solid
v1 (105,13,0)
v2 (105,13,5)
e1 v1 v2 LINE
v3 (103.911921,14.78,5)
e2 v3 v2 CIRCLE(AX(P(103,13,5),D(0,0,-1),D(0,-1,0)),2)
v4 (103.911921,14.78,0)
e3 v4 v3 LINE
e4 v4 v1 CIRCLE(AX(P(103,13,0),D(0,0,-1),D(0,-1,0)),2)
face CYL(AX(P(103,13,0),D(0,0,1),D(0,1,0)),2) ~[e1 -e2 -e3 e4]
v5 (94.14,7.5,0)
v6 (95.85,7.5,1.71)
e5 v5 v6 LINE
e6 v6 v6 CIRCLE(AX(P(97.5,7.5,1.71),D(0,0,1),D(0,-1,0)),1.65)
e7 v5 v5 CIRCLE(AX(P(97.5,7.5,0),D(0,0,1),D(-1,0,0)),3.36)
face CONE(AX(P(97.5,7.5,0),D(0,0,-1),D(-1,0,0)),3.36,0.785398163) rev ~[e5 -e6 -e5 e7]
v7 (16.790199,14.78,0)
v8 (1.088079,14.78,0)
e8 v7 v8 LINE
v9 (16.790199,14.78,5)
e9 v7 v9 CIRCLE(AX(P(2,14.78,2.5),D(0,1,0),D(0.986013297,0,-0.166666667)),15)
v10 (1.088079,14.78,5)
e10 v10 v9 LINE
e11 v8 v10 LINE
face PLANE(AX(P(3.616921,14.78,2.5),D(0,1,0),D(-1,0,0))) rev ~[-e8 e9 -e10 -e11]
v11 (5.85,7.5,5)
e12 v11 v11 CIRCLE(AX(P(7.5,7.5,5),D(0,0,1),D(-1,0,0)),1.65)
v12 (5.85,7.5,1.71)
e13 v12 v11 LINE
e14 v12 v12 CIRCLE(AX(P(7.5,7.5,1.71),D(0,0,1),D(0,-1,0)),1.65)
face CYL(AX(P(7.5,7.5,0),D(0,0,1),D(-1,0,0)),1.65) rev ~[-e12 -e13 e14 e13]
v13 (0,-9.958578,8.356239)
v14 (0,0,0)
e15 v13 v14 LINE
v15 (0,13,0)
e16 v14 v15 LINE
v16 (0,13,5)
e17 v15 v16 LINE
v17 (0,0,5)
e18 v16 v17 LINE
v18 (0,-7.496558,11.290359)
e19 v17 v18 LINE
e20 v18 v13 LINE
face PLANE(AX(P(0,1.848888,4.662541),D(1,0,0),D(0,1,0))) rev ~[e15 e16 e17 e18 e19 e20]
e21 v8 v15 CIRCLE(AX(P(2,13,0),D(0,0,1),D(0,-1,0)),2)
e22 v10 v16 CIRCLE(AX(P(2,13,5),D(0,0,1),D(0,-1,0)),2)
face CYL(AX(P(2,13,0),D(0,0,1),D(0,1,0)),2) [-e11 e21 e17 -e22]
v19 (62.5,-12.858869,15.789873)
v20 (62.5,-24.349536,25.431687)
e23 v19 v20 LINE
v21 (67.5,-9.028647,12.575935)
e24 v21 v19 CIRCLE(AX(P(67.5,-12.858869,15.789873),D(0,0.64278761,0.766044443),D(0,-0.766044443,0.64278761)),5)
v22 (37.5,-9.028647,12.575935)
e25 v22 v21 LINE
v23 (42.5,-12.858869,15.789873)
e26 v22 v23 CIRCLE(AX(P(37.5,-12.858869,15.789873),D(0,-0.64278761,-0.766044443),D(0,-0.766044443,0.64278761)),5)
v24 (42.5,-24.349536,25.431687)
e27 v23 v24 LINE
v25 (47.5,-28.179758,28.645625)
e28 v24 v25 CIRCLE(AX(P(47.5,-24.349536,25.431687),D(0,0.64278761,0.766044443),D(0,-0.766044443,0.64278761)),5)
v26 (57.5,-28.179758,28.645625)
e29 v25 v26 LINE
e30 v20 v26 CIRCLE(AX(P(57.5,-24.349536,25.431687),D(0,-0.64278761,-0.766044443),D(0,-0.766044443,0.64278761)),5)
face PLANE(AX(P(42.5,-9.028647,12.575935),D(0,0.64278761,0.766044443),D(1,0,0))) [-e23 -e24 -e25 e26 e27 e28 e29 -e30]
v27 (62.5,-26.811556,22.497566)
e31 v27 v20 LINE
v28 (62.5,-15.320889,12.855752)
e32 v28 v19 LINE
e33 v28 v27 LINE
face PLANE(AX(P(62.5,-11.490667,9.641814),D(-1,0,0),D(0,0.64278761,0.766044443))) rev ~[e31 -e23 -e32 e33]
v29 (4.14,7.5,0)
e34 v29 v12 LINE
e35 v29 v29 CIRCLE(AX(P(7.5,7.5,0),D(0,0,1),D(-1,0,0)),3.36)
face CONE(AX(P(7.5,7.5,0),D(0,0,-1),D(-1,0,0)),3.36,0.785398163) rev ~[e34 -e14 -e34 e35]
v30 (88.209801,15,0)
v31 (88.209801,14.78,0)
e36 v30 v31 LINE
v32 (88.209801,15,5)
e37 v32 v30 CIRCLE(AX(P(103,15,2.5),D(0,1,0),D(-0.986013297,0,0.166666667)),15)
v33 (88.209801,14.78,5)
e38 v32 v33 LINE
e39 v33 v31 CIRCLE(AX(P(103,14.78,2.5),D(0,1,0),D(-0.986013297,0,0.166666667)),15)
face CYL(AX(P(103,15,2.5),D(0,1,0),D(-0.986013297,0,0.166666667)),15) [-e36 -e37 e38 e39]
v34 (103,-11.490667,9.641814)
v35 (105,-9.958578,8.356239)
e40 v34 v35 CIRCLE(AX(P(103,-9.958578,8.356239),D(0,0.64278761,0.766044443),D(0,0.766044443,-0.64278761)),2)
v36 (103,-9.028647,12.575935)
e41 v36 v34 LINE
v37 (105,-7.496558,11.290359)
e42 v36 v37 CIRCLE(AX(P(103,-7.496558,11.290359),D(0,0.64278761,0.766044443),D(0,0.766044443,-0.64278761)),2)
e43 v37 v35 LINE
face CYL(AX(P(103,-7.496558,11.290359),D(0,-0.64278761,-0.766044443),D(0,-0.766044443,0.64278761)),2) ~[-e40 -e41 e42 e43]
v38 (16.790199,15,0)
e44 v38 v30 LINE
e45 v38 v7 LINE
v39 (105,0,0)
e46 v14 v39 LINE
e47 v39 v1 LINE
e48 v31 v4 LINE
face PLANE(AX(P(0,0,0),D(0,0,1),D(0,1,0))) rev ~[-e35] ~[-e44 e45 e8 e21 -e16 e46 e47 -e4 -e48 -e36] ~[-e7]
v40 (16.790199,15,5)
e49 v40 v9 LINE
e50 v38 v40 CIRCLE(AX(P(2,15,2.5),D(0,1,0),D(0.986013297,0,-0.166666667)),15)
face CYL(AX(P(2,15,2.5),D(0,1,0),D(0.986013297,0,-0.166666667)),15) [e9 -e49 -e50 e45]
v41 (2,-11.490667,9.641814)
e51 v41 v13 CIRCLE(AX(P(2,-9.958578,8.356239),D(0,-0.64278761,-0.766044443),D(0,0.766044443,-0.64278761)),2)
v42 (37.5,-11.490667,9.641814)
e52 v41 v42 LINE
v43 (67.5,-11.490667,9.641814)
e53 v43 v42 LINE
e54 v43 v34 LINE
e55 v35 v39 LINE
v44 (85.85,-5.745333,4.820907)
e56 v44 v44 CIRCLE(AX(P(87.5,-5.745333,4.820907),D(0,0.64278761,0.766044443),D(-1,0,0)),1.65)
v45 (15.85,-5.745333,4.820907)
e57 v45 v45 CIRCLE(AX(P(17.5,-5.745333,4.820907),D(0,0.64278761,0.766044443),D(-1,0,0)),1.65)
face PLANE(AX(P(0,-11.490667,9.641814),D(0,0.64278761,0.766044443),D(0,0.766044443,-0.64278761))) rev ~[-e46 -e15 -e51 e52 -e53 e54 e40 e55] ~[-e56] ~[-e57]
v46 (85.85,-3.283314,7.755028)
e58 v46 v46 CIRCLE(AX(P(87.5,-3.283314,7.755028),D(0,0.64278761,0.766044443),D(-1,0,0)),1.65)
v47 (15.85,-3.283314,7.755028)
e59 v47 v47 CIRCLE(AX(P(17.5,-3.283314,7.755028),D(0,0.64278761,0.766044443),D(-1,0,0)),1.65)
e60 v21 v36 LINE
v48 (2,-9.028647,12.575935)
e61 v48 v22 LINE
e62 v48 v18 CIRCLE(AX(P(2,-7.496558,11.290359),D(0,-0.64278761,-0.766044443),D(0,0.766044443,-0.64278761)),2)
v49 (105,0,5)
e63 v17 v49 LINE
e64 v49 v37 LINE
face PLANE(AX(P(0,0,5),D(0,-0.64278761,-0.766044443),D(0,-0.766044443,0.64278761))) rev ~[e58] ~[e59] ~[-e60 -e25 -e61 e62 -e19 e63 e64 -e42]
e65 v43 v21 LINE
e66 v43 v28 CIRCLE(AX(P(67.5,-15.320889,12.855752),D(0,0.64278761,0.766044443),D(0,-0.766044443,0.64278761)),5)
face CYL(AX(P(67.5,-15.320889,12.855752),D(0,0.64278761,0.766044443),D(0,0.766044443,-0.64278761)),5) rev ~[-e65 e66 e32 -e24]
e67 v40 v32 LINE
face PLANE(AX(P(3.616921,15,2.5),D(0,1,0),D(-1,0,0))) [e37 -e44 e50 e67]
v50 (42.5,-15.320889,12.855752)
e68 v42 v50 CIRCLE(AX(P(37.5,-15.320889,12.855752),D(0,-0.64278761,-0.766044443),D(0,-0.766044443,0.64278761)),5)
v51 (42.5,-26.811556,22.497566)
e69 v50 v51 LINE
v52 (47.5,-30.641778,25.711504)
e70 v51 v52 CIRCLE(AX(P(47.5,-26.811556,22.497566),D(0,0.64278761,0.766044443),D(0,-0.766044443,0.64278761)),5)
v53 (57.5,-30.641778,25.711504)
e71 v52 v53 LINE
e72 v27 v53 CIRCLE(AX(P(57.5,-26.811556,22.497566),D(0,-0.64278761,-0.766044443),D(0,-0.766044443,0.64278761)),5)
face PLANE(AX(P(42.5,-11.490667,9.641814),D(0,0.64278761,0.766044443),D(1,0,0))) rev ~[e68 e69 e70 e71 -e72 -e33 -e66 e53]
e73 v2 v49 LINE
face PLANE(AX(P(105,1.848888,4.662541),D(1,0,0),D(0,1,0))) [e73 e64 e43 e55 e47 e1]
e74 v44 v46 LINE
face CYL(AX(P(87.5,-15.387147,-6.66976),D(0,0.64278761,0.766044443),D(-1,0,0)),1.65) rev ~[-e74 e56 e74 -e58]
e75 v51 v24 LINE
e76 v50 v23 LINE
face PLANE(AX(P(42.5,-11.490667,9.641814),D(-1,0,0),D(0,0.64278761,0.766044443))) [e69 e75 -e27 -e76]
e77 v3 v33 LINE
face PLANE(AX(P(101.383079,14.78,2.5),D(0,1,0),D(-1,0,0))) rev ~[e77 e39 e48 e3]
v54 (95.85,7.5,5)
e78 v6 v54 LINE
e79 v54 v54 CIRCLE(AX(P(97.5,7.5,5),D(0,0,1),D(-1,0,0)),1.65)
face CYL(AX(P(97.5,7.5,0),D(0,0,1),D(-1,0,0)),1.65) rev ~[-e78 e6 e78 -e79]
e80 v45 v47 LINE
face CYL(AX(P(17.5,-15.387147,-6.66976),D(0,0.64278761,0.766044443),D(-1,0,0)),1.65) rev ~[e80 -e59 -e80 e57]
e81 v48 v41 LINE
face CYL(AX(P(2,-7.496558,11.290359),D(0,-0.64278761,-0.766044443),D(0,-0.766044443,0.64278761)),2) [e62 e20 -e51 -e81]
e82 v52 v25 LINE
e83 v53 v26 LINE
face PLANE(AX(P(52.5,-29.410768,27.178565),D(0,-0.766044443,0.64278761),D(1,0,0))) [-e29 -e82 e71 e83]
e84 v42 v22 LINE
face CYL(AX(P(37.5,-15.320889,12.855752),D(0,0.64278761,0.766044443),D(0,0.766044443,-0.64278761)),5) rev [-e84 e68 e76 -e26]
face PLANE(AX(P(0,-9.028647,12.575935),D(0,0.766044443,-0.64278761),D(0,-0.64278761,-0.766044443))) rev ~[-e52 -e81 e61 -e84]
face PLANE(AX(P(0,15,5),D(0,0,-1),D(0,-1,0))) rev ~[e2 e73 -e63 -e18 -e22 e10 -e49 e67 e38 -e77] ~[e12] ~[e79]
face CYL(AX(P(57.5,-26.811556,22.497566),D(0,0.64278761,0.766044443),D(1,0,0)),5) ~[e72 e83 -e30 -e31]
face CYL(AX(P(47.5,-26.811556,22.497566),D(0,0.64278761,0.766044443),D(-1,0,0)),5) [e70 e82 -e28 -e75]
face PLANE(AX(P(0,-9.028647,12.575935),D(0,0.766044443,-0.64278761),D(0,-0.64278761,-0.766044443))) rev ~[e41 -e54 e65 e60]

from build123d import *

# Parameters (mm, degrees)
F1_DEPTH       = 105
F3_R           = 2
F4_D           = 3.3
F4_DEPTH       = 15
F4_CSINK_D     = 6.72
F4_CSINK_ANGLE = 90
F4_TIP         = 0.9914200214
F6_D           = 3.3
F6_DEPTH       = 15
F6_TIP         = 0.9914200214
F7_W           = 20
F7_H           = 3.8302222156
F8_DEPTH       = 25
F9_R           = 5
F11_DEPTH      = 0.22


with BuildPart() as f1:
    # F0 (on Right) → F1 (new body)
    with BuildSketch(Plane.YZ):
        Polygon((-11.4906666468, 9.6418141453), (0, 0), (15, 0), (15, 5), (0, 5), (-9.0286472643, 12.5759345895), align=None)
    extrude(amount=F1_DEPTH)

    # F3
    f3_edges = [f1.edges().sort_by_distance(p)[0] for p in [
        (0, 15, 2.5),
        (105, 15, 2.5),
        (105, -10.259657, 11.108874),
        (0, -10.259657, 11.108874),
    ]]
    fillet(f3_edges, radius=F3_R)

    # F4
    with Locations(Plane(origin=(0, 0, 0), x_dir=(1, 0, 0), z_dir=(0, 0, -1))):
        with Locations((7.5, -7.5), (97.5, -7.5)):
            CounterSinkHole(F4_D / 2, F4_CSINK_D / 2, depth=F4_DEPTH, counter_sink_angle=F4_CSINK_ANGLE)
            with Locations((0, 0, -(F4_DEPTH + F4_TIP / 2))):  # 118° drill point
                Cone(0, F4_D / 2, F4_TIP, mode=Mode.SUBTRACT)

    # F6
    with Locations(Plane(origin=(0, 0, 0), x_dir=(1, 0, 0), z_dir=(0, -0.6427876097, -0.7660444431))):
        with Locations((17.5, 7.5), (87.5, 7.5)):
            Hole(F6_D / 2, depth=F6_DEPTH)
            with Locations((0, 0, -(F6_DEPTH + F6_TIP / 2))):  # 118° drill point
                Cone(0, F6_D / 2, F6_TIP, mode=Mode.SUBTRACT)

    # F7 (on face) → F8 (join)
    with BuildSketch(Plane(origin=(0, -11.4906666468, 9.6418141453), x_dir=(1, 0, 0), z_dir=(0, -0.7660444431, 0.6427876097))):
        with Locations((52.5, 1.9151111078)):
            Rectangle(F7_W, F7_H)
    extrude(amount=F8_DEPTH)

    # F9
    f9_edges = [f1.edges().sort_by_distance(p)[0] for p in [
        (42.5, -10.259657, 11.108874),
        (62.5, -10.259657, 11.108874),
        (62.5, -29.410768, 27.178565),
        (42.5, -29.410768, 27.178565),
    ]]
    fillet(f9_edges, radius=F9_R)

    # F10 (on face) → F11 (join)
    with BuildSketch(Plane(origin=(0, 15, 0), x_dir=(-1, 0, 0), z_dir=(0, 1, 0))):
        with BuildLine():
            ThreePointArc((13, 2.5), (-0.7456060958, 17.4474578418), (-16.7901994577, 5))
            Line((-16.7901994577, 5), (-2, 5))
            Line((-2, 5), (-2, 0))
            Line((-2, 0), (-16.7901994577, 0))
            ThreePointArc((-16.7901994577, 0), (-0.7456060958, -12.4474578418), (13, 2.5))
        make_face()
        with BuildLine():
            Line((-103, 5), (-88.2098005423, 5))
            ThreePointArc((-88.2098005423, 5), (-118, 2.5), (-88.2098005423, 0))
            Line((-88.2098005423, 0), (-103, 0))
            Line((-103, 0), (-103, 5))
        make_face()
    extrude(amount=-F11_DEPTH)


solid = f1.part
